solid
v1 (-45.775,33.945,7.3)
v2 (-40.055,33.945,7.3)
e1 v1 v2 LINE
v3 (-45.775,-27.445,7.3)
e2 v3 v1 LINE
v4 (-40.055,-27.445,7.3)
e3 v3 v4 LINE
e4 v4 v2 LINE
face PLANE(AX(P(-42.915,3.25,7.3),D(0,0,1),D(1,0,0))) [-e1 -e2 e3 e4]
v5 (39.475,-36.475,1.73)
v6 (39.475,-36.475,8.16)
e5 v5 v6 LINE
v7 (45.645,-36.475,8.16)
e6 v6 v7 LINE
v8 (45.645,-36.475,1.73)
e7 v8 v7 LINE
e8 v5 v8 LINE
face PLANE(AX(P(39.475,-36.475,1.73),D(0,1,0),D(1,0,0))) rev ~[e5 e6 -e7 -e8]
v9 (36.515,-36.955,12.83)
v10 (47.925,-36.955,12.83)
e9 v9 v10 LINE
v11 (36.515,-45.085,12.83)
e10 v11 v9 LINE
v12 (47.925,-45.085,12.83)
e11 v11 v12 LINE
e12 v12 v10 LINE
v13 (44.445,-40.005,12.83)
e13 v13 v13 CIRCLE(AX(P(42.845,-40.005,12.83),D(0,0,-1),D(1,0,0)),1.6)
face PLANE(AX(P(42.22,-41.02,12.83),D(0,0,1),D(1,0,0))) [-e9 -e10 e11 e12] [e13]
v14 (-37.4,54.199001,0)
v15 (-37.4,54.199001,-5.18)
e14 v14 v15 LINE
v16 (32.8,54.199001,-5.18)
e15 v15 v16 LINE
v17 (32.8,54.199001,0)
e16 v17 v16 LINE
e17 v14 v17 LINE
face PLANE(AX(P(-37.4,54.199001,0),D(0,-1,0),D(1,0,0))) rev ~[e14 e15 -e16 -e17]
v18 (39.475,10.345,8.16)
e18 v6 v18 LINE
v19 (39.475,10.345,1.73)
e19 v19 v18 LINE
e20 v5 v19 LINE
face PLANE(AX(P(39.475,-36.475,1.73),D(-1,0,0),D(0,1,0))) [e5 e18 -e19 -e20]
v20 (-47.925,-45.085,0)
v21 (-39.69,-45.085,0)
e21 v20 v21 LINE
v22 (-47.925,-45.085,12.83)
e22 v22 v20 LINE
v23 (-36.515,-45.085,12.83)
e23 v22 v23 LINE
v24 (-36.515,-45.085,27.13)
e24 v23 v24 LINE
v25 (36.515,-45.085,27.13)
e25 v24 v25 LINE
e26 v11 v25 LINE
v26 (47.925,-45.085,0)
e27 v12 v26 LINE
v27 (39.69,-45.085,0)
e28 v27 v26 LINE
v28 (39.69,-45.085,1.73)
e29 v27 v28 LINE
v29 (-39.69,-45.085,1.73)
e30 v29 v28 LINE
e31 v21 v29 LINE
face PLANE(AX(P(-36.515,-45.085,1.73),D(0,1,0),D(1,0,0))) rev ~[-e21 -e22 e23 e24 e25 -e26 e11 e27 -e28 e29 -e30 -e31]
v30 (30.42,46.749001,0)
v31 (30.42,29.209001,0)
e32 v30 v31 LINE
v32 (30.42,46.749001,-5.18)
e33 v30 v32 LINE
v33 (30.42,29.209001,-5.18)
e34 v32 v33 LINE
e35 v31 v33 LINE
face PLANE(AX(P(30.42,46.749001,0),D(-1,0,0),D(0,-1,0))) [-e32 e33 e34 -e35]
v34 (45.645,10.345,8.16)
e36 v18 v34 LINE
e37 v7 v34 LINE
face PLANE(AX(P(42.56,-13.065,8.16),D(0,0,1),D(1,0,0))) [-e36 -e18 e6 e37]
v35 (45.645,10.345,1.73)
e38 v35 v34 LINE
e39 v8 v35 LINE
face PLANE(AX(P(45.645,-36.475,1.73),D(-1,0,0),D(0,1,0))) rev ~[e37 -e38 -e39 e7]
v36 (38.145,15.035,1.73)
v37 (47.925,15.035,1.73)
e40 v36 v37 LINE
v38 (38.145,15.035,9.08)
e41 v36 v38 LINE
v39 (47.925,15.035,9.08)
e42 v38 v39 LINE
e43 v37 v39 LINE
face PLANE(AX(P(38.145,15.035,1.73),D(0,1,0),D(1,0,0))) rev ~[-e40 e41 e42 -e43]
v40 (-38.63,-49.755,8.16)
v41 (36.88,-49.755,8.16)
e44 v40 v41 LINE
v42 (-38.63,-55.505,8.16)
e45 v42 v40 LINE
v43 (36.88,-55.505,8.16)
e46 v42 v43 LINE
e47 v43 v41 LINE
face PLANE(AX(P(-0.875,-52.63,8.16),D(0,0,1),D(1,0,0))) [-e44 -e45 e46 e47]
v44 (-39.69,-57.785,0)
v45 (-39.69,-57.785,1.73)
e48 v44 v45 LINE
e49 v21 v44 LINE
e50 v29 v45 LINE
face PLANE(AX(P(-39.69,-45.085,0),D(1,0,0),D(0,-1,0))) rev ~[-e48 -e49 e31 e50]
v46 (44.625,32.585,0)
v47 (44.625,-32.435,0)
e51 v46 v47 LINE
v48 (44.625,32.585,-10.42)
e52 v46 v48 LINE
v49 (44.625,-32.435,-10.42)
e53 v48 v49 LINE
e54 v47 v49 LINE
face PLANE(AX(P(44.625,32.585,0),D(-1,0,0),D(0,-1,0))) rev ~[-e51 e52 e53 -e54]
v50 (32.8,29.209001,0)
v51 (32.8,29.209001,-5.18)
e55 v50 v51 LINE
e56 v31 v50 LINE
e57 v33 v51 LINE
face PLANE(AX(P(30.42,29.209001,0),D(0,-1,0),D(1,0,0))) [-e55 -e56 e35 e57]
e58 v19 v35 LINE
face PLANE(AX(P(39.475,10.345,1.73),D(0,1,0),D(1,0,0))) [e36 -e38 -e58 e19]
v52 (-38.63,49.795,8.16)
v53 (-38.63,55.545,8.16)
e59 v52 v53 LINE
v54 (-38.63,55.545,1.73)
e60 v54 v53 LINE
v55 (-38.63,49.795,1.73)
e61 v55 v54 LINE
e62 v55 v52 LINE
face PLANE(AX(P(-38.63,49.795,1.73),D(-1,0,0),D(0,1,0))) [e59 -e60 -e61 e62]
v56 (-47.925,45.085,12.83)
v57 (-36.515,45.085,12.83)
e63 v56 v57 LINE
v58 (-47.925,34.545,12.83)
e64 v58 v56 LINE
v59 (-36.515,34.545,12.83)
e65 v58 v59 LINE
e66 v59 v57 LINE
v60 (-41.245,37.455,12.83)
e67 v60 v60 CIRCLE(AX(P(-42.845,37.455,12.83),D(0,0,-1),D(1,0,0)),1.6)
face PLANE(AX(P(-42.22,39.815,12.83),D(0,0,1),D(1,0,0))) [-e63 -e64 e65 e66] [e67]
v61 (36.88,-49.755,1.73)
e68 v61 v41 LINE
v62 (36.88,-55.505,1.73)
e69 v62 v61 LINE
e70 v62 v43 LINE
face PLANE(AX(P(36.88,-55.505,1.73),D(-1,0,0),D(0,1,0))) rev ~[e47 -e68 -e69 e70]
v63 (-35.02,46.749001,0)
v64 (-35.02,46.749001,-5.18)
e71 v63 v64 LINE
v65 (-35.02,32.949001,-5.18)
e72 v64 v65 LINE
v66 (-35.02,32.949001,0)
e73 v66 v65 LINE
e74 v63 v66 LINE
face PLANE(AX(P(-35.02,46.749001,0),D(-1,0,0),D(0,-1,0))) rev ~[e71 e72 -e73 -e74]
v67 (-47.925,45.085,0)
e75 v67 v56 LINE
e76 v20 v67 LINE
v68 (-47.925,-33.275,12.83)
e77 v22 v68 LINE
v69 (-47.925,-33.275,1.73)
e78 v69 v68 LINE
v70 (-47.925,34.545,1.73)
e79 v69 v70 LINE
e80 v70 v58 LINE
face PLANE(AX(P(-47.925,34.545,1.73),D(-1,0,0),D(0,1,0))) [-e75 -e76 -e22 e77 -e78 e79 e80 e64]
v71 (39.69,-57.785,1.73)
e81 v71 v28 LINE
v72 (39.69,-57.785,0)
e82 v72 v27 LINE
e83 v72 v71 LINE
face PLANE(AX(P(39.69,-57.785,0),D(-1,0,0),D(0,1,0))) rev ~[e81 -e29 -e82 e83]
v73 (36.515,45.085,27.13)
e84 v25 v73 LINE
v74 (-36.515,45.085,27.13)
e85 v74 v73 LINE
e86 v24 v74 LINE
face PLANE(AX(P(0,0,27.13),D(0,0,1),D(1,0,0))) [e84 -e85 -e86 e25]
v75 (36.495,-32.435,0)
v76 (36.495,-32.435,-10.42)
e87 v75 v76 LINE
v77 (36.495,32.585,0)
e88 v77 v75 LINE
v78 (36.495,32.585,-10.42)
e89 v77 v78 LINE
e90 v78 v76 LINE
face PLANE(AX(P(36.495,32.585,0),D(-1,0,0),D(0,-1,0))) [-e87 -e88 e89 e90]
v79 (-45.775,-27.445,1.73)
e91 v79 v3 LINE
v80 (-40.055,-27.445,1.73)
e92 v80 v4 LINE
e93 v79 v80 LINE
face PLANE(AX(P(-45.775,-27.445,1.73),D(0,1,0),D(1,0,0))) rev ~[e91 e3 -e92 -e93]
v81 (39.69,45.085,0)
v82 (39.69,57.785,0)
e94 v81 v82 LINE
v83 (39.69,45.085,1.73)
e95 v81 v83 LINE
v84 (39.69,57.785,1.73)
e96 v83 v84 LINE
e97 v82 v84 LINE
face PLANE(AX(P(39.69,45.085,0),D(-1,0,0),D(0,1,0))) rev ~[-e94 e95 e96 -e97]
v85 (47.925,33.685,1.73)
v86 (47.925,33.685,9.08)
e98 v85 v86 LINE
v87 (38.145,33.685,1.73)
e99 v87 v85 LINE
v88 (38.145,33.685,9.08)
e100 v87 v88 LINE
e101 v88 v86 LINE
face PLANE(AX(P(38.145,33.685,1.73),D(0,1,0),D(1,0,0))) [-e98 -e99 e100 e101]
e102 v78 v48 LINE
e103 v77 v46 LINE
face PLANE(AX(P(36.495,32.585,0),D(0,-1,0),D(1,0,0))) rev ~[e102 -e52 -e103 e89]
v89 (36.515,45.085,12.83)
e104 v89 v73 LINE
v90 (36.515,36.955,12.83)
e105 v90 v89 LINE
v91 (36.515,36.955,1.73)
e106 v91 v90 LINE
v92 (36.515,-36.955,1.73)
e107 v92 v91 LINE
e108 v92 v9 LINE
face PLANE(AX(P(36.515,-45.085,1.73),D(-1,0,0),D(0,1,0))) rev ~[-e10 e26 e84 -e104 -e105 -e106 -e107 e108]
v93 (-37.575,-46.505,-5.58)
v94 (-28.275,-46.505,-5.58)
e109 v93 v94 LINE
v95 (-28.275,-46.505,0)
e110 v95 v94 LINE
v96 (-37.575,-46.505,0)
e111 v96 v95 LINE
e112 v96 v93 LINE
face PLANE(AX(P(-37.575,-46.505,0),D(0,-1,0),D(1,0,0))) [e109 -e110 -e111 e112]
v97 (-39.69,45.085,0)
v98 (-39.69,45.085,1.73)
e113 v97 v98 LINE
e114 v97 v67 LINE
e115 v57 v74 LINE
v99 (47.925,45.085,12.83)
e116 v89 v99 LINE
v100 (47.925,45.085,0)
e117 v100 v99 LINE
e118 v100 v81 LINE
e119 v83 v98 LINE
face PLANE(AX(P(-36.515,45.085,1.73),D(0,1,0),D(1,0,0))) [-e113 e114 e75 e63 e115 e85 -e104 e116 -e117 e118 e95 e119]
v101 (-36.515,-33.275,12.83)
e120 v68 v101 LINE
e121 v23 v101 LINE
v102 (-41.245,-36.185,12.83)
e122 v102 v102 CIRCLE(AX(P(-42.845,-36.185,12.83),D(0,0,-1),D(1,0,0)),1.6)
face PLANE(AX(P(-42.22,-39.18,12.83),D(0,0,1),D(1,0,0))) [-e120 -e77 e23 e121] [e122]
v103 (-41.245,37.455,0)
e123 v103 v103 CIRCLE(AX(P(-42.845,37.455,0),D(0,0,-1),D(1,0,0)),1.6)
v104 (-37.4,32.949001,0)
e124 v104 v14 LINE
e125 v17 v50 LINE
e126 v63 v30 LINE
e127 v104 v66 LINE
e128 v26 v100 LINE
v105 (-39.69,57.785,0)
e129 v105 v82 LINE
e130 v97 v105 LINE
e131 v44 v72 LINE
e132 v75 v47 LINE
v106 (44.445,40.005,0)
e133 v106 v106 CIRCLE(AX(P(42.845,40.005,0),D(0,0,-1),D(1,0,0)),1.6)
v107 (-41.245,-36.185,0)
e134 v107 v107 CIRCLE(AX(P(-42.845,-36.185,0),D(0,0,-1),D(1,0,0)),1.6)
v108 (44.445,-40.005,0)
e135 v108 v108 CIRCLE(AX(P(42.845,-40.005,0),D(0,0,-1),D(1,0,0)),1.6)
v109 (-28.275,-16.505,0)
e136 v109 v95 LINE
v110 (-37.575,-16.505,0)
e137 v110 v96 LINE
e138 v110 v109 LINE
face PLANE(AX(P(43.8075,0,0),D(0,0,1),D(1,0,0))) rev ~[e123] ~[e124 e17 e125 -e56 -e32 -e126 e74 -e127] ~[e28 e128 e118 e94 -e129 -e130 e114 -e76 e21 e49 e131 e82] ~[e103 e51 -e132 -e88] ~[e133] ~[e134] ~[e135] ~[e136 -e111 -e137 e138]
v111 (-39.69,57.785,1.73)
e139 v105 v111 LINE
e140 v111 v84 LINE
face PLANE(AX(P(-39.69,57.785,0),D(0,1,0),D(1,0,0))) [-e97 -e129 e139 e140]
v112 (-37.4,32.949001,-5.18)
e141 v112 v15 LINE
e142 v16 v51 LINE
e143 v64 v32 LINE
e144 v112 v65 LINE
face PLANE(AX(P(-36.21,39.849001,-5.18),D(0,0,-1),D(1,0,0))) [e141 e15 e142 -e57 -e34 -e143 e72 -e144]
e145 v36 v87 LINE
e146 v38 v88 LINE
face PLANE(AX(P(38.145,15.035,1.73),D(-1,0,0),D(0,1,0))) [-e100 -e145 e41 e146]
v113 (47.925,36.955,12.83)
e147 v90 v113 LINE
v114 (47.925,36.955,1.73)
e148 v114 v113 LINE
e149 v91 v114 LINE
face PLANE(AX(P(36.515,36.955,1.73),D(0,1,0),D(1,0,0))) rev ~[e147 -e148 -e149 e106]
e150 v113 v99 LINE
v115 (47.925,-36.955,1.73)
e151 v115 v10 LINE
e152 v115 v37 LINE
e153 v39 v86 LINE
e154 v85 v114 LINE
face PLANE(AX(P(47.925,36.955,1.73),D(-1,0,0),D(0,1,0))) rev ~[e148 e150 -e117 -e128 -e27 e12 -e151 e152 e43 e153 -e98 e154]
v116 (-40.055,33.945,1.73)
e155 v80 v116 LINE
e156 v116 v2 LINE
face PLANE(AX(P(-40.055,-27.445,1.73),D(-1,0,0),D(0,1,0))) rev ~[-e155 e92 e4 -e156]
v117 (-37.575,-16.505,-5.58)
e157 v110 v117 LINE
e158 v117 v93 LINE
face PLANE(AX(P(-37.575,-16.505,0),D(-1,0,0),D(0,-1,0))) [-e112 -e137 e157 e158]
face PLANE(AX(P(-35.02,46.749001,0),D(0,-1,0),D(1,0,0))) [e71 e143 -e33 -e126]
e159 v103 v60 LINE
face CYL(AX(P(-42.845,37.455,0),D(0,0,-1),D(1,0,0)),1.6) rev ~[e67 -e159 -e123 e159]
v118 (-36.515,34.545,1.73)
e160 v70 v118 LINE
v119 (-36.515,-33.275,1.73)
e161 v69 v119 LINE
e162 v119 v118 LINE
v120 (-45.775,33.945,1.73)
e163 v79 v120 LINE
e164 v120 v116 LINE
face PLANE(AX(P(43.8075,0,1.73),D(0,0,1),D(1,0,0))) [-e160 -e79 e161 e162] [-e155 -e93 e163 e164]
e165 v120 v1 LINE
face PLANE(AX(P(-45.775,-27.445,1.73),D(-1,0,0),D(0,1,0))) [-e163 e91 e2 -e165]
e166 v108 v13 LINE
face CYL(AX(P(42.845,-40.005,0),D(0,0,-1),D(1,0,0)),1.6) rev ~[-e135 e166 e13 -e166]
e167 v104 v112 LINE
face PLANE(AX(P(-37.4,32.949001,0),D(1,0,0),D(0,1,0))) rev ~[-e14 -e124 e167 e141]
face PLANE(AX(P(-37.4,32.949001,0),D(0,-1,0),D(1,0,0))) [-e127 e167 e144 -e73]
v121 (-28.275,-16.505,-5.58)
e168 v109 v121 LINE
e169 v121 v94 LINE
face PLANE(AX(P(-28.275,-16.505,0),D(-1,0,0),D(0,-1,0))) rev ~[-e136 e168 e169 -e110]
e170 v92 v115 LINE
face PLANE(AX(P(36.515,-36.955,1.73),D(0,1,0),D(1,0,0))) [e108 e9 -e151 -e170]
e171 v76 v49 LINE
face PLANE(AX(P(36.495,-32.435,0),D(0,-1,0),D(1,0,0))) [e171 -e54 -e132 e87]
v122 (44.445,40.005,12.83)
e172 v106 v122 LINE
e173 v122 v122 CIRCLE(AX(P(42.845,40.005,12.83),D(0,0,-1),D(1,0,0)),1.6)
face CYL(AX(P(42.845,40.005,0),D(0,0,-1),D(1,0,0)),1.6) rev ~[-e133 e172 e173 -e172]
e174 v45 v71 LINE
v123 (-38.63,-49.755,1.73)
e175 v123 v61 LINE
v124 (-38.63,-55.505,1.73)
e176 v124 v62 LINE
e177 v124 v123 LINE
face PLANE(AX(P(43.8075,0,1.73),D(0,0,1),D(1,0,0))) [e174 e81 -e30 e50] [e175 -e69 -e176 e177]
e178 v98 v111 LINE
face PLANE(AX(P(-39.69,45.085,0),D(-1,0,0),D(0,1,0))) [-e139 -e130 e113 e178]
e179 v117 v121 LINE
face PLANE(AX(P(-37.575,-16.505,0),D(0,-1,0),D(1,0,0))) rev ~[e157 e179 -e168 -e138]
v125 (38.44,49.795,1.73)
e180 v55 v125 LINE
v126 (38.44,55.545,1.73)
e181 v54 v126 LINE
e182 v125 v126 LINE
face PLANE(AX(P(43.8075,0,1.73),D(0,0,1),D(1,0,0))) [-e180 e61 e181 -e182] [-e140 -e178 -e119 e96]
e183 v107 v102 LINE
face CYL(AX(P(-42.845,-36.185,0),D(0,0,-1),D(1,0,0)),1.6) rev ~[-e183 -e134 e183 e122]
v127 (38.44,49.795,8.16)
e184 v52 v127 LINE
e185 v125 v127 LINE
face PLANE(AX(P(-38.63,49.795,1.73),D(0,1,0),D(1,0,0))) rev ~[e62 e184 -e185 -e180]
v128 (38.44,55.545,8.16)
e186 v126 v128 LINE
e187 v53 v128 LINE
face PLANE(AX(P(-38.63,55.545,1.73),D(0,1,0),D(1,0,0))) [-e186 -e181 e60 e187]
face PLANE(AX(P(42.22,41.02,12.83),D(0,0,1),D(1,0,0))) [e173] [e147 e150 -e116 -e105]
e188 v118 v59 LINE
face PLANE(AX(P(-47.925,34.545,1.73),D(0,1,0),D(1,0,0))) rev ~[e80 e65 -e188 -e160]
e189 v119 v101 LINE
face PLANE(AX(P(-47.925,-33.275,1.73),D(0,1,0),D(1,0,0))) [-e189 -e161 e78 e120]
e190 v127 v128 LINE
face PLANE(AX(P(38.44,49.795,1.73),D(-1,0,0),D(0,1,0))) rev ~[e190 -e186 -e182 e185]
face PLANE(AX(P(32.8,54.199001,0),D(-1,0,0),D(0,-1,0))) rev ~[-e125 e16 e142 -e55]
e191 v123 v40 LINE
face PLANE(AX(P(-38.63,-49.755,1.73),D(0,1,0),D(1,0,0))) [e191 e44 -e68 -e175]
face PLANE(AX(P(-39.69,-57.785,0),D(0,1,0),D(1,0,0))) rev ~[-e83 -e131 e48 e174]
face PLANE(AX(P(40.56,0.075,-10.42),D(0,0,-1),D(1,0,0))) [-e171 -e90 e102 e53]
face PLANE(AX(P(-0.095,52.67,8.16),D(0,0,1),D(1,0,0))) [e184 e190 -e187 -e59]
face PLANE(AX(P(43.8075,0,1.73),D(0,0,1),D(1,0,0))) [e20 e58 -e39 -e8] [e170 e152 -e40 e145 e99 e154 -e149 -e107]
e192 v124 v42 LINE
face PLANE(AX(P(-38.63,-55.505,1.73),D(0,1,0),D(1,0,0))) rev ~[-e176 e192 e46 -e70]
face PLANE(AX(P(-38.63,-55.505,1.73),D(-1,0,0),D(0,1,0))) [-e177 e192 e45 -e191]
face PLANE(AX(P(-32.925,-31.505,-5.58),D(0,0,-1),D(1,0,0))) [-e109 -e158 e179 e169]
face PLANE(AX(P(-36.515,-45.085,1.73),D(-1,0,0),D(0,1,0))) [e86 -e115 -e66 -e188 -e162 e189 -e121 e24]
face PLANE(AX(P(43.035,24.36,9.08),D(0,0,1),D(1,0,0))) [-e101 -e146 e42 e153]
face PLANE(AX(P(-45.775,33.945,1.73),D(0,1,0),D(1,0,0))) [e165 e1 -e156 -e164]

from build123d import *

# Parameters (mm, degrees)
F0_W      = 8.235
F0_H      = 90.17
F0_W_2    = 79.38
F0_H_2    = 12.7
F1_DEPTH  = 1.73
F2_W      = 8.13
F2_H      = 65.02
F3_DEPTH  = 10.42
F4_W      = 2.38
F4_H      = 13.8
F4_H_2    = 7.45
F4_W_2    = 65.44
F4_H_3    = 17.54
F5_DEPTH  = 5.18
F6_W      = 9.3
F6_H      = 30
F7_DEPTH  = 5.58
F8_W      = 73.03
F8_H      = 90.17
F9_DEPTH  = 25.4
F10_W     = 11.41
F10_H     = 8.13
F10_H_2   = 10.54
F10_H_3   = 11.81
F11_DEPTH = 11.1
F12_W     = 75.51
F12_H     = 5.75
F13_DEPTH = 6.43
F14_W     = 5.72
F14_H     = 61.39
F15_DEPTH = 5.57
F16_W     = 77.07
F16_H     = 5.75
F17_DEPTH = 6.43
F18_W     = 6.17
F18_H     = 46.82
F19_DEPTH = 6.43
F20_W     = 9.78
F20_H     = 18.65
F21_DEPTH = 7.35
F22_R     = 1.6
F23_DEPTH = 27.131


with BuildPart() as f1:
    # F0 (on Top) → F1 (new body)
    with BuildSketch(Plane.XY):
        with Locations((43.8075, 0)):
            Rectangle(F0_W, F0_H)
        with Locations((0, -51.435)):
            Rectangle(F0_W_2, F0_H_2)
        Rectangle(F0_W_2, F0_H)
        with Locations((-43.8075, 0)):
            Rectangle(F0_W, F0_H)
        with Locations((0, 51.435)):
            Rectangle(F0_W_2, F0_H_2)
    extrude(amount=F1_DEPTH)

    # F2 (on face) → F3 (join)
    with BuildSketch(Plane(origin=(0, 0, 0), x_dir=(1, 0, 0), z_dir=(0, 0, -1))):
        with Locations((40.56, -0.075)):
            Rectangle(F2_W, F2_H)
    extrude(amount=F3_DEPTH)

    # F4 (on face) → F5 (join)
    with BuildSketch(Plane(origin=(0, 0, 0), x_dir=(1, 0, 0), z_dir=(0, 0, -1))):
        with Locations((-36.21, -39.8490008428)):
            Rectangle(F4_W, F4_H)
        with Locations((-36.21, -50.4740008428)):
            Rectangle(F4_W, F4_H_2)
        with Locations((-2.3, -50.4740008428)):
            Rectangle(F4_W_2, F4_H_2)
        with Locations((31.61, -37.9790008428)):
            Rectangle(F4_W, F4_H_3)
        with Locations((31.61, -50.4740008428)):
            Rectangle(F4_W, F4_H_2)
    extrude(amount=F5_DEPTH)

    # F6 (on face) → F7 (join)
    with BuildSketch(Plane(origin=(0, 0, 0), x_dir=(1, 0, 0), z_dir=(0, 0, -1))):
        with Locations((-32.925, 31.505)):
            Rectangle(F6_W, F6_H)
    extrude(amount=F7_DEPTH)

    # F8 (on face) → F9 (join)
    with BuildSketch(Plane.XY.offset(1.73)):
        Rectangle(F8_W, F8_H)
    extrude(amount=F9_DEPTH)

    # F10 (on face) → F11 (join)
    with BuildSketch(Plane.XY.offset(1.73)):
        with Locations((42.22, 41.02)):
            Rectangle(F10_W, F10_H)
        with Locations((42.22, -41.02)):
            Rectangle(F10_W, F10_H)
        with Locations((-42.22, 39.815)):
            Rectangle(F10_W, F10_H_2)
        with Locations((-42.22, -39.18)):
            Rectangle(F10_W, F10_H_3)
    extrude(amount=F11_DEPTH)

    # F12 (on face) → F13 (join)
    with BuildSketch(Plane.XY.offset(1.73)):
        with Locations((-0.875, -52.63)):
            Rectangle(F12_W, F12_H)
    extrude(amount=F13_DEPTH)

    # F14 (on face) → F15 (join)
    with BuildSketch(Plane.XY.offset(1.73)):
        with Locations((-42.915, 3.25)):
            Rectangle(F14_W, F14_H)
    extrude(amount=F15_DEPTH)

    # F16 (on face) → F17 (join)
    with BuildSketch(Plane.XY.offset(1.73)):
        with Locations((-0.095, 52.67)):
            Rectangle(F16_W, F16_H)
    extrude(amount=F17_DEPTH)

    # F18 (on face) → F19 (join)
    with BuildSketch(Plane.XY.offset(1.73)):
        with Locations((42.56, -13.065)):
            Rectangle(F18_W, F18_H)
    extrude(amount=F19_DEPTH)

    # F20 (on face) → F21 (join)
    with BuildSketch(Plane.XY.offset(1.73)):
        with Locations((43.035, 24.36)):
            Rectangle(F20_W, F20_H)
    extrude(amount=F21_DEPTH)

    # F22 (on face) → F23 (cut, through all)
    with BuildSketch(Plane(origin=(0, 0, 0), x_dir=(1, 0, 0), z_dir=(0, 0, -1))):
        with Locations((42.845, 40.005)):
            Circle(F22_R)
        with Locations((42.845, -40.005)):
            Circle(F22_R)
        with Locations((-42.845, -37.455)):
            Circle(F22_R)
        with Locations((-42.845, 36.185)):
            Circle(F22_R)
    extrude(amount=-F23_DEPTH, mode=Mode.SUBTRACT)


solid = f1.part
